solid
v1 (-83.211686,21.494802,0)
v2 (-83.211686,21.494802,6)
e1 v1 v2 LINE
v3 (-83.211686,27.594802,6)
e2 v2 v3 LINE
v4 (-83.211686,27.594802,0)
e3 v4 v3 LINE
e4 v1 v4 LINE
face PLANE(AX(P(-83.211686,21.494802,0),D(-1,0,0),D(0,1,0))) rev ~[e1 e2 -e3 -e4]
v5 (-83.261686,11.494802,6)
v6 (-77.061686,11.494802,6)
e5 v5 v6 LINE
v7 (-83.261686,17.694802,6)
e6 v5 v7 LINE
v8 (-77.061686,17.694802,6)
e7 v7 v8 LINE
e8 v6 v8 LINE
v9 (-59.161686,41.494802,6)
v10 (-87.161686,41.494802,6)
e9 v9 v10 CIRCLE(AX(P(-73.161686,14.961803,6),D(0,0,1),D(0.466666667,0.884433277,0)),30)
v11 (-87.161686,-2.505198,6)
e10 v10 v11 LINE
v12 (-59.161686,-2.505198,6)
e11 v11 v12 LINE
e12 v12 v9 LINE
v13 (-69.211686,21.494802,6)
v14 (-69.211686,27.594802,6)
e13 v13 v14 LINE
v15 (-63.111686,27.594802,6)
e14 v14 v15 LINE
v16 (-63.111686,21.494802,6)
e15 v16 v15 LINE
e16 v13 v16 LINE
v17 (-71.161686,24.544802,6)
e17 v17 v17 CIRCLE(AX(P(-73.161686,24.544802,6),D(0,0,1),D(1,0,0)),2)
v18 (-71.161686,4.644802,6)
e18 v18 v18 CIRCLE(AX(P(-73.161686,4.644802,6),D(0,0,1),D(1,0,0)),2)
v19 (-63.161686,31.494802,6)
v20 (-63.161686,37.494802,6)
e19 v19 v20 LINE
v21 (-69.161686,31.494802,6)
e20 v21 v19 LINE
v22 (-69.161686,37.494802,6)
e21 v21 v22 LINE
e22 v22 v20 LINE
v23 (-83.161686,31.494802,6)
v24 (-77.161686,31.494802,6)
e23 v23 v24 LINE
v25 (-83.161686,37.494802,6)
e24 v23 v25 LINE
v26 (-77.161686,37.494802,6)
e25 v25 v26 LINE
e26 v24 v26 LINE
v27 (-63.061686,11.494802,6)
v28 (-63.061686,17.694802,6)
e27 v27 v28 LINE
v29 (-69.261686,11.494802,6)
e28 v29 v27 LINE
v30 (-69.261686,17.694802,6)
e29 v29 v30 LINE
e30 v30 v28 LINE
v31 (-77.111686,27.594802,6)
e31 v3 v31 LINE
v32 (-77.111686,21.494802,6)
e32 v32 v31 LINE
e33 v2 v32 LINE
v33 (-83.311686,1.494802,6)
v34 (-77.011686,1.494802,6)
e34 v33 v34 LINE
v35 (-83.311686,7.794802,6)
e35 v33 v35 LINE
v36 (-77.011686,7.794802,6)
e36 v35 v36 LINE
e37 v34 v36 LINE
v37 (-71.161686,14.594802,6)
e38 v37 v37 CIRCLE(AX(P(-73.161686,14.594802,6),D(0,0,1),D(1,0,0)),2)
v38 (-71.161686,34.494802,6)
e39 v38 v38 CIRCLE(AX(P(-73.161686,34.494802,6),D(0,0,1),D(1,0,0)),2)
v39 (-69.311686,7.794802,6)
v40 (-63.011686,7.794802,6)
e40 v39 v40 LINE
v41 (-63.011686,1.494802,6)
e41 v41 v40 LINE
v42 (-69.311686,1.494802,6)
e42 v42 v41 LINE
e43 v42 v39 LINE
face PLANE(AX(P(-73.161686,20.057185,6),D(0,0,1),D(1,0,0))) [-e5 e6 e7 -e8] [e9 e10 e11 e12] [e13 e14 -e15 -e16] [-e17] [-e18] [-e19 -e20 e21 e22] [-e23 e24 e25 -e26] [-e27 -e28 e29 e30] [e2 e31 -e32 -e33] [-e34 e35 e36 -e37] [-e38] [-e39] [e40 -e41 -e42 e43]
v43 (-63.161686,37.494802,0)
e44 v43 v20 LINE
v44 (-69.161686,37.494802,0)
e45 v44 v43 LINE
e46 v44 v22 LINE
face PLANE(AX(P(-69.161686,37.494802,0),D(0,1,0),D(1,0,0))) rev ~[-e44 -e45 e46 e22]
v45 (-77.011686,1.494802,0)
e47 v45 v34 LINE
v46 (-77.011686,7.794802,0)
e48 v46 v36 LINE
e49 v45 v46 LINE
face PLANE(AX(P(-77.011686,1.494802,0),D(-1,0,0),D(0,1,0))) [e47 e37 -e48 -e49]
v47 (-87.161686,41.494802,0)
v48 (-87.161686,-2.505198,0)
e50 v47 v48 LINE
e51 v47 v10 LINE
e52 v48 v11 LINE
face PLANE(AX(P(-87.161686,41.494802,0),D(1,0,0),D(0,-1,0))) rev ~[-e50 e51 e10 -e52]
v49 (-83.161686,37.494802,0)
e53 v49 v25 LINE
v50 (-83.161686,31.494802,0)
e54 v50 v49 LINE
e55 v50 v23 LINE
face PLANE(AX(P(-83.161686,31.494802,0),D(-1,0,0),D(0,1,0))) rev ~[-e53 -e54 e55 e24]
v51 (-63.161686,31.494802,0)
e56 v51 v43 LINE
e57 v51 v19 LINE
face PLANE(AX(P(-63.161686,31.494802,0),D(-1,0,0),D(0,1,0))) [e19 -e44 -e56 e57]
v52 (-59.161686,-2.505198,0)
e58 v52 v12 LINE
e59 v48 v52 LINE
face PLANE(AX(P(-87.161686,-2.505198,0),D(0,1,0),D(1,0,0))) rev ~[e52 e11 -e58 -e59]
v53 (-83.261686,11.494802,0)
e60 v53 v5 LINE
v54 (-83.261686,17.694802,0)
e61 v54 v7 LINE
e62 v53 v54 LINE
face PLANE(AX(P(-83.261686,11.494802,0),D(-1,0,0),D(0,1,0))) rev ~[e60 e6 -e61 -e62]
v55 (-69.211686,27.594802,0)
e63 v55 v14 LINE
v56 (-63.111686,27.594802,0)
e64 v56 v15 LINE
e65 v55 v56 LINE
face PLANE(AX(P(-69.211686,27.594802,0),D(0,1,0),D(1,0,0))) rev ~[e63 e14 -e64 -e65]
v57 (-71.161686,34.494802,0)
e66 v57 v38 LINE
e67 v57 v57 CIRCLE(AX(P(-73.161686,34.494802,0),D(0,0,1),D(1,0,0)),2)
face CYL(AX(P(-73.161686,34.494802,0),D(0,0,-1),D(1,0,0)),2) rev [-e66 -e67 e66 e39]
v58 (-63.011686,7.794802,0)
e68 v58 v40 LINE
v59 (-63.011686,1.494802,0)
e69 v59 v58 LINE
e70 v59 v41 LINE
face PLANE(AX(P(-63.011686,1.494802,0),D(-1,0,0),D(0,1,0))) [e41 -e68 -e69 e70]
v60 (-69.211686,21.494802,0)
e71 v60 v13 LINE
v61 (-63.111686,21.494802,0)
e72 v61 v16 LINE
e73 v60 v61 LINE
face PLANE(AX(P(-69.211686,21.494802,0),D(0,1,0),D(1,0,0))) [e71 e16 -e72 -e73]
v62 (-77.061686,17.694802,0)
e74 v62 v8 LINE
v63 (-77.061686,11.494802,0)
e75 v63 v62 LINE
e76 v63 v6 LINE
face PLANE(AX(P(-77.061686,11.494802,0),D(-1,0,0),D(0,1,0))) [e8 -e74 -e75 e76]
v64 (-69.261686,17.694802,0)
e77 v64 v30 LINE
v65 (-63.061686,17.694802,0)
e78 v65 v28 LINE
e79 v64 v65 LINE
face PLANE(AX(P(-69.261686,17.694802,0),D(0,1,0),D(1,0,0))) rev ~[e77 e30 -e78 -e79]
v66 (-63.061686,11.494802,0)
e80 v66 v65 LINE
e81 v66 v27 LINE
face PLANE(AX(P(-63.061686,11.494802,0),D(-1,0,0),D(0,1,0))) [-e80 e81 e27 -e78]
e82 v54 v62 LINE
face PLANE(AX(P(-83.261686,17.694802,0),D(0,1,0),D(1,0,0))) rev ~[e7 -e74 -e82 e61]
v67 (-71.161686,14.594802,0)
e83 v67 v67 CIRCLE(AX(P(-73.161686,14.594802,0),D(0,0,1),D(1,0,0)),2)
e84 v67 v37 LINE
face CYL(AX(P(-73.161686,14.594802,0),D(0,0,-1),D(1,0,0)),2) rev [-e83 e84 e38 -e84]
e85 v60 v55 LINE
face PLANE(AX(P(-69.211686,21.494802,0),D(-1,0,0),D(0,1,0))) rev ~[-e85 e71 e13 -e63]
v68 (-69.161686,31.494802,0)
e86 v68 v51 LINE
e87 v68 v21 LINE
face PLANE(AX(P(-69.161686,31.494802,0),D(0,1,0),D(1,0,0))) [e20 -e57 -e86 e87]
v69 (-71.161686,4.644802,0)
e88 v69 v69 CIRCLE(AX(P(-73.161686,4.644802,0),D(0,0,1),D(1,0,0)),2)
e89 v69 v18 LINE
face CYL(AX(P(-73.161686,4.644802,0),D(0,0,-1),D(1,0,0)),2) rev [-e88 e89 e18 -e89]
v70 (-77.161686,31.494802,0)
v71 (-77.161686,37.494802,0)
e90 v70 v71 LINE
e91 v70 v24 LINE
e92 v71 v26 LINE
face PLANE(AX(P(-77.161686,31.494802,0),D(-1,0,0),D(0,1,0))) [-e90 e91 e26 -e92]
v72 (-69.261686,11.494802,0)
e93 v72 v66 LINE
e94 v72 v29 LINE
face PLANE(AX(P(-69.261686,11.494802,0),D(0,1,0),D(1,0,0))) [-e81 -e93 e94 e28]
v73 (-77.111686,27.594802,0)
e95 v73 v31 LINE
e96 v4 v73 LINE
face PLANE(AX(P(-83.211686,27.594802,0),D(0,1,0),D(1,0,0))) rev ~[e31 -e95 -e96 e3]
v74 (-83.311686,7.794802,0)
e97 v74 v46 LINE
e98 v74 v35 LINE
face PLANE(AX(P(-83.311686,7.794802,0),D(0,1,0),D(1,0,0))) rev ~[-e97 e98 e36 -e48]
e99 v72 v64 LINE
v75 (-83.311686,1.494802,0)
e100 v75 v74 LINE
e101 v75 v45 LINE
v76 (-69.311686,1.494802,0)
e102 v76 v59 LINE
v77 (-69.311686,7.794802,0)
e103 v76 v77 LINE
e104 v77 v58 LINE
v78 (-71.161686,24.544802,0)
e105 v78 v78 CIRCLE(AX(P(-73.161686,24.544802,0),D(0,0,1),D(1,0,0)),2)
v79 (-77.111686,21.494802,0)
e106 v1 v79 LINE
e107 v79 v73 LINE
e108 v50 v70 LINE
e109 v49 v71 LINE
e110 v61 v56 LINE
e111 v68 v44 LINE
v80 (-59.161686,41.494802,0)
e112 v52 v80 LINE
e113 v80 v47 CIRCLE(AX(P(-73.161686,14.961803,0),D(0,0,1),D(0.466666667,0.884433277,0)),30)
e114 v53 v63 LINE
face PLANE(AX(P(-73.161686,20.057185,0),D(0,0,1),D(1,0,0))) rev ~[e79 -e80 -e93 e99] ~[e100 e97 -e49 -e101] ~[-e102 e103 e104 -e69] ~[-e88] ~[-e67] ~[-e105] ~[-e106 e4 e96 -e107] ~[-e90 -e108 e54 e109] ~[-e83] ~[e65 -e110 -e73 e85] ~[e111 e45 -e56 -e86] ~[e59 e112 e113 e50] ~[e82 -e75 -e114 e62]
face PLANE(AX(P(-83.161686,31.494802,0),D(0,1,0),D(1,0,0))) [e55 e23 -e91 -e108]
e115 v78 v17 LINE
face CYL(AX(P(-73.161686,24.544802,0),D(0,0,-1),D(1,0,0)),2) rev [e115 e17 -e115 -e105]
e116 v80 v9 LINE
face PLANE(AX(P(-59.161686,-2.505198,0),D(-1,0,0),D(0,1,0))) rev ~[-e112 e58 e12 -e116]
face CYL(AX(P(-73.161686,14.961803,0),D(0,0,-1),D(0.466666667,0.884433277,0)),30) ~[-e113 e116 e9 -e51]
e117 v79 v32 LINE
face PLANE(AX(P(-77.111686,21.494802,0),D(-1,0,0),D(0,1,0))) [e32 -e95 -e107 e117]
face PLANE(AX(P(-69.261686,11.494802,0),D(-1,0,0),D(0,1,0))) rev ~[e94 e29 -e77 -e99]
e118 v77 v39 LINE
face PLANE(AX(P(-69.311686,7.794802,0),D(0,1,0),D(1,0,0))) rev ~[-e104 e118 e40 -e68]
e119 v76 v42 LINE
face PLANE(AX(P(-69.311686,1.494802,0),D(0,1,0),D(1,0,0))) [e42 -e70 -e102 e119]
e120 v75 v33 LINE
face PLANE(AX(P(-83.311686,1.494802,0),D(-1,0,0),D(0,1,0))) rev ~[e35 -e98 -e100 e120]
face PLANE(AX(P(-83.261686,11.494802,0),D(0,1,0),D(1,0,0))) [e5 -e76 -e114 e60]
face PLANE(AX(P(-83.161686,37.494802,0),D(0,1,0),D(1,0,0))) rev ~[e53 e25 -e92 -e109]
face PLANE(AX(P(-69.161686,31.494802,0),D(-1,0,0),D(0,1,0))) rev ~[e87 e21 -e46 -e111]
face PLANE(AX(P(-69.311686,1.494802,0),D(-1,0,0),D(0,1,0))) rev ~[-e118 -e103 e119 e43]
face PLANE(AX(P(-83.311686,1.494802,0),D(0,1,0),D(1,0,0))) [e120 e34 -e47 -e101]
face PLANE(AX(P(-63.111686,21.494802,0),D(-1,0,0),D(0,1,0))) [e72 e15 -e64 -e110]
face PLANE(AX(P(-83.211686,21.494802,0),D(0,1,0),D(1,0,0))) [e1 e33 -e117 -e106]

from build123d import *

# Parameters (mm, degrees)
ESQUISSE3_R        = 2
ESQUISSE3_W        = 6
ESQUISSE3_H        = 6
ESQUISSE3_W_2      = 6.1
ESQUISSE3_H_2      = 6.1
ESQUISSE3_W_3      = 6.2
ESQUISSE3_H_3      = 6.2
ESQUISSE3_W_4      = 6.3
ESQUISSE3_H_4      = 6.3
BOSS_EXTRU_1_DEPTH = 6


with BuildPart() as part:
    # Esquisse3 → Boss.-Extru.1 (new body)
    with BuildSketch(Plane.XY):
        with BuildLine():
            Line((-87.161685907, 41.494801679), (-87.161685907, -2.505198321))
            Line((-87.161685907, -2.505198321), (-59.161685907, -2.505198321))
            Line((-59.161685907, -2.505198321), (-59.161685907, 41.494801679))
            ThreePointArc((-59.161685907, 41.494801679), (-73.161685907, 44.961803356), (-87.161685907, 41.494801679))
        make_face()
        with Locations((-73.161685907, 34.494801679)):
            Circle(ESQUISSE3_R, mode=Mode.SUBTRACT)
        with Locations((-73.161685907, 24.544801679)):
            Circle(ESQUISSE3_R, mode=Mode.SUBTRACT)
        with Locations((-73.161685907, 14.594801679)):
            Circle(ESQUISSE3_R, mode=Mode.SUBTRACT)
        with Locations((-73.161685907, 4.644801679)):
            Circle(ESQUISSE3_R, mode=Mode.SUBTRACT)
        with Locations((-80.161685907, 34.494801679)):
            Rectangle(ESQUISSE3_W, ESQUISSE3_H, mode=Mode.SUBTRACT)
        with Locations((-66.161685907, 34.494801679)):
            Rectangle(ESQUISSE3_W, ESQUISSE3_H, mode=Mode.SUBTRACT)
        with Locations((-80.161685907, 24.544801679)):
            Rectangle(ESQUISSE3_W_2, ESQUISSE3_H_2, mode=Mode.SUBTRACT)
        with Locations((-66.161685907, 24.544801679)):
            Rectangle(ESQUISSE3_W_2, ESQUISSE3_H_2, mode=Mode.SUBTRACT)
        with Locations((-80.161685907, 14.594801679)):
            Rectangle(ESQUISSE3_W_3, ESQUISSE3_H_3, mode=Mode.SUBTRACT)
        with Locations((-66.161685907, 14.594801679)):
            Rectangle(ESQUISSE3_W_3, ESQUISSE3_H_3, mode=Mode.SUBTRACT)
        with Locations((-80.161685907, 4.644801679)):
            Rectangle(ESQUISSE3_W_4, ESQUISSE3_H_4, mode=Mode.SUBTRACT)
        with Locations((-66.161685907, 4.644801679)):
            Rectangle(ESQUISSE3_W_4, ESQUISSE3_H_4, mode=Mode.SUBTRACT)
    extrude(amount=BOSS_EXTRU_1_DEPTH)


solid = part.part
